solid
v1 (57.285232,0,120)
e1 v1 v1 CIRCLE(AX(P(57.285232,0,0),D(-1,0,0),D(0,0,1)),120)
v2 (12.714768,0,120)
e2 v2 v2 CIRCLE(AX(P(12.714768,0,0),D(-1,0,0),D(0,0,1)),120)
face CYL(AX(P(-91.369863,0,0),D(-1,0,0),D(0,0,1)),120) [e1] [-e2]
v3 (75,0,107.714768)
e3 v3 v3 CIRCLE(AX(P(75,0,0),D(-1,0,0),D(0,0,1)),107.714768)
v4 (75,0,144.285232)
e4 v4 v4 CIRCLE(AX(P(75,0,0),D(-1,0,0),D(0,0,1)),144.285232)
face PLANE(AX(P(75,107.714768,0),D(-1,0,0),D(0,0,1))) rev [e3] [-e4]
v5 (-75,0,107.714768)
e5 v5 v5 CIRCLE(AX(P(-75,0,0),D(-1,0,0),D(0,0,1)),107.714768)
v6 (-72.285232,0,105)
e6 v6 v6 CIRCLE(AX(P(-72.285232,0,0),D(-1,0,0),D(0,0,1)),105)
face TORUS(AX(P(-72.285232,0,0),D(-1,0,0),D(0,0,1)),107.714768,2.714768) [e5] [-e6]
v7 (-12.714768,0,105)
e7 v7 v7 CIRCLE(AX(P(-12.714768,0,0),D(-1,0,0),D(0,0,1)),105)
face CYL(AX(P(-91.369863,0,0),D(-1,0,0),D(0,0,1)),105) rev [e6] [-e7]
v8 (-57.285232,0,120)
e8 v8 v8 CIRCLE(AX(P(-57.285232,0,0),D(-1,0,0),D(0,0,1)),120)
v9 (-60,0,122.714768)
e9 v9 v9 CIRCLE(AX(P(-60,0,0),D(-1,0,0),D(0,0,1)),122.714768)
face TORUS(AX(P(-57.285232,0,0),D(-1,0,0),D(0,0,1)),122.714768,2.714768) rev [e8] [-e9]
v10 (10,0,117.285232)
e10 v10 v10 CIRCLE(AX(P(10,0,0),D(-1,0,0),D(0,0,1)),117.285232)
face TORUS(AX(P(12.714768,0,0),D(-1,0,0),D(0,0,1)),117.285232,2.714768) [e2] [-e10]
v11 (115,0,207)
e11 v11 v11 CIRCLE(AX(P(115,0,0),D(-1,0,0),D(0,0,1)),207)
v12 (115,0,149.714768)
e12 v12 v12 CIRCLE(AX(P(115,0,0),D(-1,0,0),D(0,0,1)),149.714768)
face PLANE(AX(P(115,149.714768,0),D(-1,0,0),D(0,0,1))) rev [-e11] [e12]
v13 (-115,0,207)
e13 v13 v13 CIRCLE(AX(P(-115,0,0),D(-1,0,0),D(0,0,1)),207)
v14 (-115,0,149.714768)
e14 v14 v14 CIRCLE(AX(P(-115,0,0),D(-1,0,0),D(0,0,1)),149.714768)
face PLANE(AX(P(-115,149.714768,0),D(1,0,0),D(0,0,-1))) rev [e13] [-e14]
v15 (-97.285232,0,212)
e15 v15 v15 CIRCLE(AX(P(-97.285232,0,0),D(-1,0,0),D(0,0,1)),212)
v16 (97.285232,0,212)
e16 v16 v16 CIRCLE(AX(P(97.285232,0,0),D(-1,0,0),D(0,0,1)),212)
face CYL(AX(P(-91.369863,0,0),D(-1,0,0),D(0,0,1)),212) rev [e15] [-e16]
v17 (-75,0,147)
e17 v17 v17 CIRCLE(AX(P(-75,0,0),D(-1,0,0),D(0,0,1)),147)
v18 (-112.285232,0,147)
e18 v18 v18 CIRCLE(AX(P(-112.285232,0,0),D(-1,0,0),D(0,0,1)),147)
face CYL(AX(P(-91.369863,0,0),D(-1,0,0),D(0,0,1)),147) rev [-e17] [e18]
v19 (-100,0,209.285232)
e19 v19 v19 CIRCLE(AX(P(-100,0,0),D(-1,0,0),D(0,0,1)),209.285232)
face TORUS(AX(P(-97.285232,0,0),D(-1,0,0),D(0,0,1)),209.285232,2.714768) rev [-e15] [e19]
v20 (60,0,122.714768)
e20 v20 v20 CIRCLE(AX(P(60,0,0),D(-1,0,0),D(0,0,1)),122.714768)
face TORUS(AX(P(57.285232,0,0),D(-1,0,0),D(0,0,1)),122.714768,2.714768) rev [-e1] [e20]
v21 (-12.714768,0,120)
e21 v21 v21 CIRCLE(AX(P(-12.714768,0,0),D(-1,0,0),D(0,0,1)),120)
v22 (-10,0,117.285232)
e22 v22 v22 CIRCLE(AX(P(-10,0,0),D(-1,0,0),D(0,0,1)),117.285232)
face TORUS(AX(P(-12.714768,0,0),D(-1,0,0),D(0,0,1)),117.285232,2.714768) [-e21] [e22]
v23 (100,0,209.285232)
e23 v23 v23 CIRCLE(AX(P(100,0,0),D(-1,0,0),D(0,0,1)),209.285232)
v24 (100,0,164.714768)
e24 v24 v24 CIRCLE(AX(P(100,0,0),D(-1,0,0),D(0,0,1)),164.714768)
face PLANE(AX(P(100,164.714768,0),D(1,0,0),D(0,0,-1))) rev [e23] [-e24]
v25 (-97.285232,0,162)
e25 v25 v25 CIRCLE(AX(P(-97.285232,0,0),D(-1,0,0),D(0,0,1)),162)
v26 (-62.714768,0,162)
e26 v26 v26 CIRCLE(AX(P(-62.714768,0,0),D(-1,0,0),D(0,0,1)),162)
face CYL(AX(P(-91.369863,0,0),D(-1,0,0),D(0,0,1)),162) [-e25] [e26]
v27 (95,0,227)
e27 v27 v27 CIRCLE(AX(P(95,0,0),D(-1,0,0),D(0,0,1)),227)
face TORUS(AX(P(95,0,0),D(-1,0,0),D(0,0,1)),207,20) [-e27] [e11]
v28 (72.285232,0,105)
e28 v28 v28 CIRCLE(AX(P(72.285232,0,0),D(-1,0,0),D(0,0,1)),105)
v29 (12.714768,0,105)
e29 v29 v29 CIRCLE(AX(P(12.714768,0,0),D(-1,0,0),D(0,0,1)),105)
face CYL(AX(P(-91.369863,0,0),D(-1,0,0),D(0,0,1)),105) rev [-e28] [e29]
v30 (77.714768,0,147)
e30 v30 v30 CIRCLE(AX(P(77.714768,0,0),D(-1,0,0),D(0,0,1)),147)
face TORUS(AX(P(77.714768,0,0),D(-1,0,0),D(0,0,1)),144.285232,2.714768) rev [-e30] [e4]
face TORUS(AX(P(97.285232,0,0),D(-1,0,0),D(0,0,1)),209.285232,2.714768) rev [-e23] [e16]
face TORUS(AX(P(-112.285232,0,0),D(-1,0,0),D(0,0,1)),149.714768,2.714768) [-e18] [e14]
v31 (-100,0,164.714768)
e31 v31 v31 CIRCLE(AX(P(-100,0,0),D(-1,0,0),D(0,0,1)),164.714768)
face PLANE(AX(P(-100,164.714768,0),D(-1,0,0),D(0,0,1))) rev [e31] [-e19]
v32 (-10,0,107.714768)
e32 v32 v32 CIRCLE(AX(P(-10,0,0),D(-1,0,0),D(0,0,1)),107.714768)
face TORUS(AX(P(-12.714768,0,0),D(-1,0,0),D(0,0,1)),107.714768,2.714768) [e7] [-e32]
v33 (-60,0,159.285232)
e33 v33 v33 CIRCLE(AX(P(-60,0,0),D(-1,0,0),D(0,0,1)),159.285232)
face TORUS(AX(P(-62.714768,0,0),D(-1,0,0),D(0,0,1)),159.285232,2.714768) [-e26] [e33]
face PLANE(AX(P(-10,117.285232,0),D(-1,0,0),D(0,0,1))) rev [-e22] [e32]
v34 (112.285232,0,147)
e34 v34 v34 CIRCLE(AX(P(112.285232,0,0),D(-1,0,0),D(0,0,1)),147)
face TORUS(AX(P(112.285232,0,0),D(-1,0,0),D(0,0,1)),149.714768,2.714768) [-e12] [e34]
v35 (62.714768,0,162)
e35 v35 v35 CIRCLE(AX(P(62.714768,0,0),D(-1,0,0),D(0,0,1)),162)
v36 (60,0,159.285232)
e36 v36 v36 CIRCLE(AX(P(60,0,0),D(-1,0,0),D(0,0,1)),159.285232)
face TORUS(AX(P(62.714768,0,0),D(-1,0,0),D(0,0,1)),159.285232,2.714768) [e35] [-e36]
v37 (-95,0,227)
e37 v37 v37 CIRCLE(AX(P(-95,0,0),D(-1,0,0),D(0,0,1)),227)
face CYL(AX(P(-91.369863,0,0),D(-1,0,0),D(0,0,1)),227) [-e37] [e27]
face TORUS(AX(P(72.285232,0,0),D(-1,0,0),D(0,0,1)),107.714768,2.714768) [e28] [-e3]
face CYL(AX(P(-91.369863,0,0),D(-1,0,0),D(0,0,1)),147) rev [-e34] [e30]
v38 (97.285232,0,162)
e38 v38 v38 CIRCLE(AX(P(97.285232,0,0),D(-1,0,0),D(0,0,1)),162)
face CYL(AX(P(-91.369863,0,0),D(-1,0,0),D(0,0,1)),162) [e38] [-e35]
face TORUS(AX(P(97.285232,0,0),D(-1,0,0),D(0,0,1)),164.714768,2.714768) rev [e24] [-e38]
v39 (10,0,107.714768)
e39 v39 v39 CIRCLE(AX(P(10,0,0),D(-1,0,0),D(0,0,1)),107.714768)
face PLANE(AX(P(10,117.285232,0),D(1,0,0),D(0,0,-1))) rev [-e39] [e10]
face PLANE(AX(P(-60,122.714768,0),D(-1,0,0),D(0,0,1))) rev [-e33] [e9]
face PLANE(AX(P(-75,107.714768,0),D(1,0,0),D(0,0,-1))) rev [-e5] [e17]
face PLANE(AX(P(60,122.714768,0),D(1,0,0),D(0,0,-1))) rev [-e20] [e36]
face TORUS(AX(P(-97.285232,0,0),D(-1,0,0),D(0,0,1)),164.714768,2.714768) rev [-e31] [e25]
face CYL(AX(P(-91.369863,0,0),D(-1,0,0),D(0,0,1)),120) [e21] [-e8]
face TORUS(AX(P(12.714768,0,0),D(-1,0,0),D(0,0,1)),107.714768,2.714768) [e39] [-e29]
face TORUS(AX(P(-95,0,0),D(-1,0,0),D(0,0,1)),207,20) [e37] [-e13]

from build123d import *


with BuildPart() as part:
    # Sketch1 → Revolve1 (revolve)
    with BuildSketch(Plane.XY):
        with BuildLine():
            Line((57.285232446, 120), (12.714767554, 120))
            ThreePointArc((12.714767554, 120), (10.795137007, 119.204862993), (10, 117.285232446))
            Line((10, 117.285232446), (10, 107.714767554))
            ThreePointArc((10, 107.714767554), (10.795137007, 105.795137007), (12.714767554, 105))
            Line((12.714767554, 105), (72.285232446, 105))
            ThreePointArc((72.285232446, 105), (74.204862993, 105.795137007), (75, 107.714767554))
            Line((75, 107.714767554), (75, 144.285232446))
            ThreePointArc((75, 144.285232446), (75.795137007, 146.204862993), (77.714767554, 147))
            Line((77.714767554, 147), (112.285232446, 147))
            ThreePointArc((112.285232446, 147), (114.204862993, 147.795137007), (115, 149.714767554))
            Line((115, 149.714767554), (115, 207))
            ThreePointArc((115, 207), (109.142135624, 221.142135624), (95, 227))
            Line((95, 227), (-95, 227))
            ThreePointArc((-95, 227), (-109.142135624, 221.142135624), (-115, 207))
            Line((-115, 207), (-115, 149.714767554))
            ThreePointArc((-115, 149.714767554), (-114.204862993, 147.795137007), (-112.285232446, 147))
            Line((-112.285232446, 147), (-75, 147))
            Line((-75, 147), (-75, 107.714767554))
            ThreePointArc((-75, 107.714767554), (-74.204862993, 105.795137007), (-72.285232446, 105))
            Line((-72.285232446, 105), (-12.714767554, 105))
            ThreePointArc((-12.714767554, 105), (-10.795137007, 105.795137007), (-10, 107.714767554))
            Line((-10, 107.714767554), (-10, 117.285232446))
            ThreePointArc((-10, 117.285232446), (-10.795137007, 119.204862993), (-12.714767554, 120))
            Line((-12.714767554, 120), (-57.285232446, 120))
            ThreePointArc((-57.285232446, 120), (-59.204862993, 120.795137007), (-60, 122.714767554))
            Line((-60, 122.714767554), (-60, 159.285232446))
            ThreePointArc((-60, 159.285232446), (-60.795137007, 161.204862993), (-62.714767554, 162))
            Line((-62.714767554, 162), (-97.285232446, 162))
            ThreePointArc((-97.285232446, 162), (-99.204862993, 162.795137007), (-100, 164.714767554))
            Line((-100, 164.714767554), (-100, 209.285232446))
            ThreePointArc((-100, 209.285232446), (-99.204862993, 211.204862993), (-97.285232446, 212))
            Line((-97.285232446, 212), (97.285232446, 212))
            ThreePointArc((97.285232446, 212), (99.204862993, 211.204862993), (100, 209.285232446))
            Line((100, 209.285232446), (100, 164.714767554))
            ThreePointArc((100, 164.714767554), (99.204862993, 162.795137007), (97.285232446, 162))
            Line((97.285232446, 162), (62.714767554, 162))
            ThreePointArc((62.714767554, 162), (60.795137007, 161.204862993), (60, 159.285232446))
            Line((60, 159.285232446), (60, 122.714767554))
            ThreePointArc((60, 122.714767554), (59.204862993, 120.795137007), (57.285232446, 120))
        make_face()
    revolve(axis=Axis((-91.369863014, 0, 0), (1, 0, 0)))


solid = part.part
